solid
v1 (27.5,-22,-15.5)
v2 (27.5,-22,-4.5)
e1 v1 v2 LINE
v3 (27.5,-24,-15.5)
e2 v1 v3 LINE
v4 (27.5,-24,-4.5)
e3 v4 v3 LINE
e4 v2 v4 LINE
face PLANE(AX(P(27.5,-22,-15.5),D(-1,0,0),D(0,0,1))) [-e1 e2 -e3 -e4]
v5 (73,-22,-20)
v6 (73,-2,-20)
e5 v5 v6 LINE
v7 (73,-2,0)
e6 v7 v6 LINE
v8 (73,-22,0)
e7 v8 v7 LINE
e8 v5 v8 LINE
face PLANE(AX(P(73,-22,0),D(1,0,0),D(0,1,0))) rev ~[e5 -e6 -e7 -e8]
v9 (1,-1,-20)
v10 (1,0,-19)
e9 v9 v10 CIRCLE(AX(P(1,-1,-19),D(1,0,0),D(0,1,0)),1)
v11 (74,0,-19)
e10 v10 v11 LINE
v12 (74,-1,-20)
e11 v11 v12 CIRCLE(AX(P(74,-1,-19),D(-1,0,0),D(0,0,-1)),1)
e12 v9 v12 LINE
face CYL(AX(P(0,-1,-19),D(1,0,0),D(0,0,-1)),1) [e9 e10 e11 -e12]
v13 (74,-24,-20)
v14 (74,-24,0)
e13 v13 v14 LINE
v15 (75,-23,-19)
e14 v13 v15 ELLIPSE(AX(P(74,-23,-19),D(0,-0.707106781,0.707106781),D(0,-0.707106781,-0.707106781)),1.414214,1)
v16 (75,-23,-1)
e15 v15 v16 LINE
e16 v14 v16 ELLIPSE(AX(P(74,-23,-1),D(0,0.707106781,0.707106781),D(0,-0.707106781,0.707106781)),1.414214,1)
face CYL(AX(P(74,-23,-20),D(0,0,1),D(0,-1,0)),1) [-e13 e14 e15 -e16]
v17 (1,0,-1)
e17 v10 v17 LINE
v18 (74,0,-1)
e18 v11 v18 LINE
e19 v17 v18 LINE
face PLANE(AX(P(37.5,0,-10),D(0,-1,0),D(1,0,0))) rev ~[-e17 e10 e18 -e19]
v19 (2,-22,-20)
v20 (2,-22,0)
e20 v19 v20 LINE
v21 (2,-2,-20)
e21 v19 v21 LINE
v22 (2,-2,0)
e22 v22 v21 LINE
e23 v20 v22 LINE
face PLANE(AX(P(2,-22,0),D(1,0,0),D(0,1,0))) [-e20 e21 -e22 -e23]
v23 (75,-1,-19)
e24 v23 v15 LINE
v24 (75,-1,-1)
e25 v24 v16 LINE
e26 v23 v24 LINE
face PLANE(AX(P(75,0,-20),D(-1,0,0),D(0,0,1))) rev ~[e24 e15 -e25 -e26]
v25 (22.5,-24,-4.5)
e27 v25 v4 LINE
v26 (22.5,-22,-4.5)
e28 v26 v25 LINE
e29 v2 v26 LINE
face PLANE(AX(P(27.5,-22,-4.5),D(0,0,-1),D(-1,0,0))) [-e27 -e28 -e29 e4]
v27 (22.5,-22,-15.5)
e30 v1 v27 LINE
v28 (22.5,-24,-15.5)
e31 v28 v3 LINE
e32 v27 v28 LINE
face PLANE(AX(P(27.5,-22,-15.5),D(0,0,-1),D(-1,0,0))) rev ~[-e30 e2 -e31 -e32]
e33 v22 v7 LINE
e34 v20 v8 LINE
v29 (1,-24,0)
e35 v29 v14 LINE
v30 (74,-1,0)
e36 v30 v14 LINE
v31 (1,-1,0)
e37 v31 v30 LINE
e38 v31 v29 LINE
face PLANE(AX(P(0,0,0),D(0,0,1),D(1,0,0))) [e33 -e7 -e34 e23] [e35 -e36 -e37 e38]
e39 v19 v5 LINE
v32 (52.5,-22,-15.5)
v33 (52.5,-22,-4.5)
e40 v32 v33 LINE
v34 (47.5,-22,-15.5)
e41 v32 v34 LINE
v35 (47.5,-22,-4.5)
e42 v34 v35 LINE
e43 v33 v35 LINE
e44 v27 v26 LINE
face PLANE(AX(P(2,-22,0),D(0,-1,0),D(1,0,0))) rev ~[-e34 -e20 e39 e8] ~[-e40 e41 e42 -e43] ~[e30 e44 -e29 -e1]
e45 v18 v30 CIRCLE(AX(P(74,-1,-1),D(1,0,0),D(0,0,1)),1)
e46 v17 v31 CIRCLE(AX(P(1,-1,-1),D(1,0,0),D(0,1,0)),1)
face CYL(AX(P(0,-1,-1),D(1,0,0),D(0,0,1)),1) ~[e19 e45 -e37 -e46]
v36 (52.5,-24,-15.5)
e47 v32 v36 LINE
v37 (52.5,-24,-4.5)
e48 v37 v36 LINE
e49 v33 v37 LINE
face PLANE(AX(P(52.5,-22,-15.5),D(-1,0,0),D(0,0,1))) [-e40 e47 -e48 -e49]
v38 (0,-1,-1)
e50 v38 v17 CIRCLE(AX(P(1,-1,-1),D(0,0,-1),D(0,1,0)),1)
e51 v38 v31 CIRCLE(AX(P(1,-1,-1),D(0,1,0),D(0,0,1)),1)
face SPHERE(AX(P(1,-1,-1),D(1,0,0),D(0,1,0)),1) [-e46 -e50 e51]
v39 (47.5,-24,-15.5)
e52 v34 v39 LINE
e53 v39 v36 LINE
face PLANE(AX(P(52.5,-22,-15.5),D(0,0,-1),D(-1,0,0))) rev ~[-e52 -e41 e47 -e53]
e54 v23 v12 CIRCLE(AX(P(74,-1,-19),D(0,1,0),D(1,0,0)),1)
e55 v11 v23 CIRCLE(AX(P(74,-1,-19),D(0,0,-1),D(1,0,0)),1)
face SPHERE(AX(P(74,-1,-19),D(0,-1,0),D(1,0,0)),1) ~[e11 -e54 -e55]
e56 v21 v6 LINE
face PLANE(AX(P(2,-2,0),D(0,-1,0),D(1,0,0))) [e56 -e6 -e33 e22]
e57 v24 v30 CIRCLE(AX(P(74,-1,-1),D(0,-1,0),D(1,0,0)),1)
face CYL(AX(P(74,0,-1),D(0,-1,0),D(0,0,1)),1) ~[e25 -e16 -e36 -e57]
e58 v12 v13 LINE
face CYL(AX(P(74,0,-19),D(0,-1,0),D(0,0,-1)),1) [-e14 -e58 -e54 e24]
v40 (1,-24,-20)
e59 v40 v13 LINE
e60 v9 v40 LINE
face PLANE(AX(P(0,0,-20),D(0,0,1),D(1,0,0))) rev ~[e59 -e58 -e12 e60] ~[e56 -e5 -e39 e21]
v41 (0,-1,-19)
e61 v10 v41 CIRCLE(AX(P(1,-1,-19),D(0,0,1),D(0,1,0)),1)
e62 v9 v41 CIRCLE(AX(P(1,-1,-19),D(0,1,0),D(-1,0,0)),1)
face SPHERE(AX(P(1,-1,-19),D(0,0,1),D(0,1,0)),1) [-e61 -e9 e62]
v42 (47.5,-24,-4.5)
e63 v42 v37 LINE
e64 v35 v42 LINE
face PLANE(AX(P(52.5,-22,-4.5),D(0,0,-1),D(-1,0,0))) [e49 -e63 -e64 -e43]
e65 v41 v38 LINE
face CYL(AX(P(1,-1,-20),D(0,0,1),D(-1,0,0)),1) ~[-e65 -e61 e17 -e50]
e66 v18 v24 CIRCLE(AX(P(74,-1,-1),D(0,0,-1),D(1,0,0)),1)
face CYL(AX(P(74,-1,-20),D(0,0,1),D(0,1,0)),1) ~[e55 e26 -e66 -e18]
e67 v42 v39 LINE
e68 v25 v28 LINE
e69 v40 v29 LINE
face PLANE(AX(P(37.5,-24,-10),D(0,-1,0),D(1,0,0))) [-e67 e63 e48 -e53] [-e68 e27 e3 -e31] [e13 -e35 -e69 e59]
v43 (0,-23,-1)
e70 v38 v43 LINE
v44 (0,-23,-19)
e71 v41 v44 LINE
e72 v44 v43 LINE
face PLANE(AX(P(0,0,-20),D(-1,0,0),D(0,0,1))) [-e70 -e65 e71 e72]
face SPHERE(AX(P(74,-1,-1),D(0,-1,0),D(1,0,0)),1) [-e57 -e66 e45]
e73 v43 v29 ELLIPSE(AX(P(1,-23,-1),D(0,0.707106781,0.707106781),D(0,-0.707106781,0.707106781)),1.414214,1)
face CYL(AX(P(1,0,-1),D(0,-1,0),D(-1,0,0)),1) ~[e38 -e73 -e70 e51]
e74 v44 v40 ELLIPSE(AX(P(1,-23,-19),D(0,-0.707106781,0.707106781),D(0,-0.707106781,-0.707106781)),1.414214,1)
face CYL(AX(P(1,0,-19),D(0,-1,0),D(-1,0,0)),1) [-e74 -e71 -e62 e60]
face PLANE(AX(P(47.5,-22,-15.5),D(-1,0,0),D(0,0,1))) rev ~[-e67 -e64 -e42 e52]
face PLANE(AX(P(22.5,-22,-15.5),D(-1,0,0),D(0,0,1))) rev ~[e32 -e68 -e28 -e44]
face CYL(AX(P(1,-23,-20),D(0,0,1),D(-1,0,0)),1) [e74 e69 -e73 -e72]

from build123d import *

# Parameters (mm, degrees)
F0_W     = 75
F0_H     = 20
F1_DEPTH = 24
F2_W     = 71
F2_H     = 20
F3_DEPTH = 20
F5_W     = 5
F5_H     = 11
F6_DEPTH = 5
F7_R     = 1


with BuildPart() as f1:
    # F0 (on Front) → F1 (new body)
    with BuildSketch(Plane.XZ):
        with Locations((37.5, -10)):
            Rectangle(F0_W, F0_H)
    extrude(amount=F1_DEPTH)

    # F2 (on Top) → F3 (cut, symmetric)
    with BuildSketch(Plane.XY):
        with Locations((37.5, -12)):
            Rectangle(F2_W, F2_H)
    extrude(amount=F3_DEPTH, both=True, mode=Mode.SUBTRACT)

    # F5 (on offset) → F6 (cut)
    with BuildSketch(Plane(origin=(0, -22, 0), x_dir=(-1, 0, 0), z_dir=(0, 1, 0))):
        with Locations((-25, -10)):
            Rectangle(F5_W, F5_H)
        with Locations((-50, -9.9999997467)):
            Rectangle(F5_W, F5_H)
    extrude(amount=-F6_DEPTH, mode=Mode.SUBTRACT)

    # F7
    f7_edges = [f1.edges().sort_by_distance(p)[0] for p in [
        (75, -12, -20),
        (75, -12, 0),
        (75, 0, -10),
        (75, -24, -10),
        (37.5, 0, 0),
        (0, 0, -10),
        (37.5, 0, -20),
        (0, -12, 0),
        (0, -12, -20),
        (0, -24, -10),
    ]]
    fillet(f7_edges, radius=F7_R)


solid = f1.part
